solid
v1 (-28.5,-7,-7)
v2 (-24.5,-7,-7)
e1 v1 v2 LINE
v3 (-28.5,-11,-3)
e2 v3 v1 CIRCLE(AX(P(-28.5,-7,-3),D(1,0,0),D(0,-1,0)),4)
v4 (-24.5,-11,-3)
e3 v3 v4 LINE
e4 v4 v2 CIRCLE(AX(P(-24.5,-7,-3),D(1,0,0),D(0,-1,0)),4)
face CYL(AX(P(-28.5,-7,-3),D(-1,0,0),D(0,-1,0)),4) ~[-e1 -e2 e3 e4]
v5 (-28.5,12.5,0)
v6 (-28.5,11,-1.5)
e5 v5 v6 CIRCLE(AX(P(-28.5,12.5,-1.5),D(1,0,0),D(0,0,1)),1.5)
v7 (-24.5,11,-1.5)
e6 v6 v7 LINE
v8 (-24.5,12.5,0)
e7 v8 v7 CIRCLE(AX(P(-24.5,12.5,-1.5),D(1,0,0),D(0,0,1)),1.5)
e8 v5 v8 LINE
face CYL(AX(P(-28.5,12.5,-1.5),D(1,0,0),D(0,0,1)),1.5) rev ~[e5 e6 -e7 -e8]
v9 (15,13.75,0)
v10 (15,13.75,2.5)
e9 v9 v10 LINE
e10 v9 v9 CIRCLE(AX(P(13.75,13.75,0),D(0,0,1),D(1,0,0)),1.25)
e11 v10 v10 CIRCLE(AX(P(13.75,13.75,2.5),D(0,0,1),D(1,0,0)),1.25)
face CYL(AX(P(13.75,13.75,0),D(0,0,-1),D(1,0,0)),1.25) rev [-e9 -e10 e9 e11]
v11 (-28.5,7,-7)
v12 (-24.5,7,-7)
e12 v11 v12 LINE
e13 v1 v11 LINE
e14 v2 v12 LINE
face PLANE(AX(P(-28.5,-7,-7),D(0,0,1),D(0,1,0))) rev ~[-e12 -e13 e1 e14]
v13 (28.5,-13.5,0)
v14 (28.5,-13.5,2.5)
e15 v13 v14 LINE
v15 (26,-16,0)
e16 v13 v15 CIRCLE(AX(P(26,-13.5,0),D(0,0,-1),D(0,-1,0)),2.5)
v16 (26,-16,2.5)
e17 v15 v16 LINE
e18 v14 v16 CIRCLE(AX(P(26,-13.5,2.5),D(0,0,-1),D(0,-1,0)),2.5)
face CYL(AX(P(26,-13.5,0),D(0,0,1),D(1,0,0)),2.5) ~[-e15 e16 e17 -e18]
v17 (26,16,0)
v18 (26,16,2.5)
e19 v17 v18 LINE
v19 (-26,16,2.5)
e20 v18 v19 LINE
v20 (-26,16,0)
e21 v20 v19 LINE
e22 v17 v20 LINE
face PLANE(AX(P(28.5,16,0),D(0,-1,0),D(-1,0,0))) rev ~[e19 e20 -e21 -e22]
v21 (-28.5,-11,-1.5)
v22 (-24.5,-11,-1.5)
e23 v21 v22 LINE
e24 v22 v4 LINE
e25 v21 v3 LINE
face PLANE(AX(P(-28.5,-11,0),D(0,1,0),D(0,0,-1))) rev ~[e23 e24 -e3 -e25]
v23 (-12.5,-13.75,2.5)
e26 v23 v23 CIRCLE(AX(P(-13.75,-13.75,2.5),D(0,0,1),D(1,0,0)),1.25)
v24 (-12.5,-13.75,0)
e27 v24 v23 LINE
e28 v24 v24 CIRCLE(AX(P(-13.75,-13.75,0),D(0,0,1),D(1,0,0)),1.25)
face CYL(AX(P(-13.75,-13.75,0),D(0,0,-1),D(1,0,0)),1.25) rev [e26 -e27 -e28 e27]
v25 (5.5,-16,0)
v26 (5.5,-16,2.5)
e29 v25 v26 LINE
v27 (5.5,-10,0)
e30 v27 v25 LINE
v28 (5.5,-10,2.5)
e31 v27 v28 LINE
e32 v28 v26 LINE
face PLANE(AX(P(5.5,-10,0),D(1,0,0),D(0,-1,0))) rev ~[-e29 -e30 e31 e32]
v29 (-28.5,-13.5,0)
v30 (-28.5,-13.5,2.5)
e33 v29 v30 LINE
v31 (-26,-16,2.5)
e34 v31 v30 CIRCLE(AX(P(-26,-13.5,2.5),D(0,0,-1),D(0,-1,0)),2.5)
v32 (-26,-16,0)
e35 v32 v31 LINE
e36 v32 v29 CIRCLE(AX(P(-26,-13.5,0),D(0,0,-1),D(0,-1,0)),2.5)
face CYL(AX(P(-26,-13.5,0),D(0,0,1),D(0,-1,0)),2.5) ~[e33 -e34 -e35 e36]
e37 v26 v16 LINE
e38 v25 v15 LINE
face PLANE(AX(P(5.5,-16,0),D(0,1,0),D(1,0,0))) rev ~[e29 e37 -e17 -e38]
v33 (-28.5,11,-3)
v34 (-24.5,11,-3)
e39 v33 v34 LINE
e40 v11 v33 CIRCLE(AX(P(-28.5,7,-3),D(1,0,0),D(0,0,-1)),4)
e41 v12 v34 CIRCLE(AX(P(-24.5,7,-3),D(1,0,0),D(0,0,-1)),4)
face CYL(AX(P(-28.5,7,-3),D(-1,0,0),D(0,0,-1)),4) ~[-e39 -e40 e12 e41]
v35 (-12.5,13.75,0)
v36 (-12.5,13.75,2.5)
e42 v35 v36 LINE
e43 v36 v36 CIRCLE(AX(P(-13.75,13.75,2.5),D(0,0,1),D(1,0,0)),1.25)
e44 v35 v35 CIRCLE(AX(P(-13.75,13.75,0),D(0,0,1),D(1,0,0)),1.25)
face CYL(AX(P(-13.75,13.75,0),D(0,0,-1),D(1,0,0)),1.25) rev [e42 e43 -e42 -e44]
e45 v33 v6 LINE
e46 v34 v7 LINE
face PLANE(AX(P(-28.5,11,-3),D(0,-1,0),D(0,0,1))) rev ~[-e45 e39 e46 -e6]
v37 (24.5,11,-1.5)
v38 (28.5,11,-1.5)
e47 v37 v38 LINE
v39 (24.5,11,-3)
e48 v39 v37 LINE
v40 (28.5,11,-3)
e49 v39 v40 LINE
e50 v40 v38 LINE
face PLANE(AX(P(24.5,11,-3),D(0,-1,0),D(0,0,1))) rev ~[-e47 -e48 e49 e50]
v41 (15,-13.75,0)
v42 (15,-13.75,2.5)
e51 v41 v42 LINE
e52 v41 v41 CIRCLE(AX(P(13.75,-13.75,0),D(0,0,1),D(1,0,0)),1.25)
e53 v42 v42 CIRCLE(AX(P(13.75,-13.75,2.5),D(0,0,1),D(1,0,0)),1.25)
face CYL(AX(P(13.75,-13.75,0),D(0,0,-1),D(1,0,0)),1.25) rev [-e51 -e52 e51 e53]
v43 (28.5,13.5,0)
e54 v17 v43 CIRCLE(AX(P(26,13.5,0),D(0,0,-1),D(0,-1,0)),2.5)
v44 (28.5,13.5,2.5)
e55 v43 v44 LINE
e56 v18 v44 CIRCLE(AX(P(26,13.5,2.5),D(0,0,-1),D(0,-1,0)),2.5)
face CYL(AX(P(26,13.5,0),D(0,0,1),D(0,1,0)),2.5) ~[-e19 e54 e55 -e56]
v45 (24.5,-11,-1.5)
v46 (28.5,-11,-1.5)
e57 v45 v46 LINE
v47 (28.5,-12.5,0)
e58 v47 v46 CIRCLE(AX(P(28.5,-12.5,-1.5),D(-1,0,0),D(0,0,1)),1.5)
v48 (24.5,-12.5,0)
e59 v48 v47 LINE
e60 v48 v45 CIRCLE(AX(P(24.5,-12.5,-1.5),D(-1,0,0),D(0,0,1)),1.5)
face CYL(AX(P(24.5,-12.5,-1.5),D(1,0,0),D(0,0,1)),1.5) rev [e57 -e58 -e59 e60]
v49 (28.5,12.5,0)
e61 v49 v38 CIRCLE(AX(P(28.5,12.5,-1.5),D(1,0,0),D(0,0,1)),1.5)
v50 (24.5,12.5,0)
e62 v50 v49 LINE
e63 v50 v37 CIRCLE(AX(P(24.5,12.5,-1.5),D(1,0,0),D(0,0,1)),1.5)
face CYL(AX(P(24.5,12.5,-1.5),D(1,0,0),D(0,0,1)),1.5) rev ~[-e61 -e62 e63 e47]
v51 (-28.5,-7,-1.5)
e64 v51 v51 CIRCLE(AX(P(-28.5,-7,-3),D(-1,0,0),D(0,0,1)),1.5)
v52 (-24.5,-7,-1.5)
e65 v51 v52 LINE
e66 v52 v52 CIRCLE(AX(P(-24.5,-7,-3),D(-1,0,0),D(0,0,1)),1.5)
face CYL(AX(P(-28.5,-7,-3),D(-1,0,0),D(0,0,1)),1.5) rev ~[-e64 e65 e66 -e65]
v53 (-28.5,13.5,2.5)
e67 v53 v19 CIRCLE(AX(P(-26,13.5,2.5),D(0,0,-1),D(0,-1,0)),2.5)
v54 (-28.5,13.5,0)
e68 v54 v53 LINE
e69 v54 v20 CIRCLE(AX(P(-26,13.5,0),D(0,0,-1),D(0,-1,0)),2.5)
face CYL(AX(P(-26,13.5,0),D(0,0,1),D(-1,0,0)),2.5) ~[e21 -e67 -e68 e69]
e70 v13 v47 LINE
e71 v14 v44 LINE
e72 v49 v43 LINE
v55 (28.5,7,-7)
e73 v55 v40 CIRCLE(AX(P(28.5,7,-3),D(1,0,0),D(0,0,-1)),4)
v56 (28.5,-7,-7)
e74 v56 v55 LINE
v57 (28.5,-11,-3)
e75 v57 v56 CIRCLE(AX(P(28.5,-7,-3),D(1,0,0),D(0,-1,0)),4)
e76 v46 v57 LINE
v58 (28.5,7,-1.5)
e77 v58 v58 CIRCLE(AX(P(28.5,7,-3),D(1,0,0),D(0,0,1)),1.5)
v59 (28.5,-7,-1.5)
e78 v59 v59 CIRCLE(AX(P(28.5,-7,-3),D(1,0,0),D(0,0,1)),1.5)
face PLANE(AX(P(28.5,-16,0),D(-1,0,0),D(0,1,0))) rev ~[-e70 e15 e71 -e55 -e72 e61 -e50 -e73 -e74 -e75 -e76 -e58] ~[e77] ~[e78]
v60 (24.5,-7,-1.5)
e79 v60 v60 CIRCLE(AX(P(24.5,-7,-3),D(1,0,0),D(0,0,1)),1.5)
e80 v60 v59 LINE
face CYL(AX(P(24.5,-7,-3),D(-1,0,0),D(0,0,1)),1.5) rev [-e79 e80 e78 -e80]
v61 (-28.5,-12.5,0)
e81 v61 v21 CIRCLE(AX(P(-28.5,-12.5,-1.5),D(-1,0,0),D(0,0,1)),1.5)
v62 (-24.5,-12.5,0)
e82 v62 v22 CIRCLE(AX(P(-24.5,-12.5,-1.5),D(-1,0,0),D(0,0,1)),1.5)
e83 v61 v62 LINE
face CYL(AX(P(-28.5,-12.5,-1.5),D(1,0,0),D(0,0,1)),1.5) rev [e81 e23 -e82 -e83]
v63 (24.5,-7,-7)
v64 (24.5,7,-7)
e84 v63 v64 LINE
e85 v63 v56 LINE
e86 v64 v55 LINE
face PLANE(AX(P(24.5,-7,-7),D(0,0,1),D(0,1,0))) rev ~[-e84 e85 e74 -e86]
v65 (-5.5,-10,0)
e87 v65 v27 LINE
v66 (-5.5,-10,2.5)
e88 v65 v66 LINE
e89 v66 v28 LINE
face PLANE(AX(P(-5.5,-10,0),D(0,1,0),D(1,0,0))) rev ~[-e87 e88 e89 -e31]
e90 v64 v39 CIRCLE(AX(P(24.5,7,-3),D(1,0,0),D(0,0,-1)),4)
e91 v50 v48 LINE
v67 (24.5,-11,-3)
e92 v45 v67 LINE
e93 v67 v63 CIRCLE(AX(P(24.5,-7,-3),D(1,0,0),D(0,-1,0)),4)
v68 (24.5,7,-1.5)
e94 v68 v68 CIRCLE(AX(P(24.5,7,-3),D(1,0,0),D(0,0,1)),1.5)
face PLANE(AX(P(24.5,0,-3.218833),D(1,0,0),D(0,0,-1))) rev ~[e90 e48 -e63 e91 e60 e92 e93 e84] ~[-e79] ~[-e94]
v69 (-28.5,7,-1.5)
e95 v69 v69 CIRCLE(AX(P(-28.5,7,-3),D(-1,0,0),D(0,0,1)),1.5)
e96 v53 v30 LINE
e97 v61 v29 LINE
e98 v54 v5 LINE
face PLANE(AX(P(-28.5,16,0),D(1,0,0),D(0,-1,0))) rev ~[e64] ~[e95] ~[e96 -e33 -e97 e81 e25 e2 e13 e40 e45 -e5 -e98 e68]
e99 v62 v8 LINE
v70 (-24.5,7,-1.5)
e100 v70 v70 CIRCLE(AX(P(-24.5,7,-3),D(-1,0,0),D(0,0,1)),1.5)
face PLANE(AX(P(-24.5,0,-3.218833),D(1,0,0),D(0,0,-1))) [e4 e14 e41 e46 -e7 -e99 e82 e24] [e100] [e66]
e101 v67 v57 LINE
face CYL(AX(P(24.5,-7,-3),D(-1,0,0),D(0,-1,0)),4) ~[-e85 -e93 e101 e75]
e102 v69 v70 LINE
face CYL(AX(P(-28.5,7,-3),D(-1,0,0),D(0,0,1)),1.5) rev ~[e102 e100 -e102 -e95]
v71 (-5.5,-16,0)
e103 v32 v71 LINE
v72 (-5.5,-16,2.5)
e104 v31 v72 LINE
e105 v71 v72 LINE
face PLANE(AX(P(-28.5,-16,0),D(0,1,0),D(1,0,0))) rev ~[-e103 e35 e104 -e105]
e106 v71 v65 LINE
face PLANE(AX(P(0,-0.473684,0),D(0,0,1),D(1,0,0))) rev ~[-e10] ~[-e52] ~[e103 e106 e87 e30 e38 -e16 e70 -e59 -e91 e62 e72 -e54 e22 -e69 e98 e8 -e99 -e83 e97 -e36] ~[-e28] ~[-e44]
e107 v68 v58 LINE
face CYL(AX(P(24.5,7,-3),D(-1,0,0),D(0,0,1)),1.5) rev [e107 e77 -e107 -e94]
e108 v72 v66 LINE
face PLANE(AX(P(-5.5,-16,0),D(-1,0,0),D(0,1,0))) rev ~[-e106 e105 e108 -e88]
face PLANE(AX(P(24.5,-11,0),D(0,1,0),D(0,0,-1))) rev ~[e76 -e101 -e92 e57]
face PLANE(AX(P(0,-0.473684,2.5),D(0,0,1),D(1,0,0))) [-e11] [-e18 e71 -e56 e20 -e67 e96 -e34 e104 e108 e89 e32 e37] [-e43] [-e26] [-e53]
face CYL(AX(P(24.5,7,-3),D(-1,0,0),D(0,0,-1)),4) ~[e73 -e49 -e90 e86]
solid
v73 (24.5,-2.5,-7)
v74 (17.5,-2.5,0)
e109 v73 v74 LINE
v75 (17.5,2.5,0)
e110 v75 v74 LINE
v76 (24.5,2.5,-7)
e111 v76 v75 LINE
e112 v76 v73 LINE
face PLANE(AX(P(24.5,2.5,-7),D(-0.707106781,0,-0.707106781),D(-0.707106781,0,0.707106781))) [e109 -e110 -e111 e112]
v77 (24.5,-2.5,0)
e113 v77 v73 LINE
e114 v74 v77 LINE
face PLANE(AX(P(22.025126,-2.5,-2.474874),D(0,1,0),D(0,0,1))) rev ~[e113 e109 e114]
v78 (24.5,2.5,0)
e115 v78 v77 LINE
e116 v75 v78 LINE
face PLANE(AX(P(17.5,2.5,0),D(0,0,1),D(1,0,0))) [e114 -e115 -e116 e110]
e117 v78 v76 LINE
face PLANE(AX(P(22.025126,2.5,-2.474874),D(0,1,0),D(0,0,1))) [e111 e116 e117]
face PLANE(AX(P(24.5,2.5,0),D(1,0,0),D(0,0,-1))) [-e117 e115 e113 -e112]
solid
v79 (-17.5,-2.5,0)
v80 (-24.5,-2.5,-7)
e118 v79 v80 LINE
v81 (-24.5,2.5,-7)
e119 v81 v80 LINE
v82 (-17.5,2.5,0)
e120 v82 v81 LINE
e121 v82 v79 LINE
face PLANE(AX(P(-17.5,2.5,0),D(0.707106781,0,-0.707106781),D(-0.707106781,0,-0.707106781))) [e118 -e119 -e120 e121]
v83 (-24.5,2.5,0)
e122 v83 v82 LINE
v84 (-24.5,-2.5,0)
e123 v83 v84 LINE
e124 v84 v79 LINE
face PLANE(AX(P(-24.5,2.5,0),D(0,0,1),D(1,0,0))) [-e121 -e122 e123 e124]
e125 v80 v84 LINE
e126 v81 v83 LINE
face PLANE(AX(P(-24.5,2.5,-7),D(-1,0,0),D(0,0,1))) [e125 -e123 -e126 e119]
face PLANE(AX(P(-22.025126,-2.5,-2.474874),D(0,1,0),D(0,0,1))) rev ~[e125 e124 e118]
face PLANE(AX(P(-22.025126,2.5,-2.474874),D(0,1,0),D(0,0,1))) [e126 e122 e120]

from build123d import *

# Parameters (mm, degrees)
SKETCH_1_R         = 1.25
EXTRUDE_1_DEPTH    = 2.5
SKETCH_3_R         = 1.5
EXTRUDE_2_DEPTH    = 4
EXTRUDE_START      = -4
SKETCH_4_R         = 1.5
EXTRUDE_3_DEPTH    = 4
FILLET_2_R         = 2.5
FILLET_3_R         = 1.5
GUSSET_1_THICKNESS = 5
GUSSET_2_THICKNESS = 5


with BuildPart() as part:
    # 草图1 → 凸台-拉伸1 (new body)
    with BuildSketch(Plane.XY):
        Polygon((-28.5, -16), (-16, -16), (-5.5, -16), (-5.5, -10), (0, -10), (5.5, -10), (5.5, -16), (16, -16), (28.5, -16), (28.5, 16), (16, 16), (-16, 16), (-28.5, 16), align=None)
        with Locations((-13.75, -13.75)):
            Circle(SKETCH_1_R, mode=Mode.SUBTRACT)
        with Locations((13.75, -13.75)):
            Circle(SKETCH_1_R, mode=Mode.SUBTRACT)
        with Locations((-13.75, 13.75)):
            Circle(SKETCH_1_R, mode=Mode.SUBTRACT)
        with Locations((13.75, 13.75)):
            Circle(SKETCH_1_R, mode=Mode.SUBTRACT)
    extrude(amount=EXTRUDE_1_DEPTH)

    # 草图3 → 凸台-拉伸2 (add)
    with BuildSketch(Plane.ZY.offset(28.5)):
        with BuildLine():
            Line((-3, 11), (0, 11))
            Line((0, 11), (0, -11))
            Line((0, -11), (-3, -11))
            ThreePointArc((-3, -11), (-5.828427125, -9.828427125), (-7, -7))
            Line((-7, -7), (-7, 7))
            ThreePointArc((-7, 7), (-5.828427125, 9.828427125), (-3, 11))
        make_face()
        with Locations((-3, 7)):
            Circle(SKETCH_3_R, mode=Mode.SUBTRACT)
        with Locations((-3, -7)):
            Circle(SKETCH_3_R, mode=Mode.SUBTRACT)
    extrude(amount=-EXTRUDE_2_DEPTH)

    # 草图4 → 凸台-拉伸3 (add)
    with BuildSketch(Plane(origin=(28.5, 0, 0), x_dir=(0, 0, -1), z_dir=(1, 0, 0)).offset(EXTRUDE_START)):
        with BuildLine():
            Line((7, -7), (7, 7))
            ThreePointArc((7, 7), (5.828427125, 9.828427125), (3, 11))
            Line((3, 11), (0, 11))
            Line((0, 11), (0, -11))
            Line((0, -11), (3, -11))
            ThreePointArc((3, -11), (5.828427125, -9.828427125), (7, -7))
        make_face()
        with Locations(Location((3, 7, 0), (0, 0, 180))):
            Circle(SKETCH_4_R, mode=Mode.SUBTRACT)
        with Locations(Location((3, -7, 0), (0, 0, 180))):
            Circle(SKETCH_4_R, mode=Mode.SUBTRACT)
    extrude(amount=EXTRUDE_3_DEPTH)

    # 圆角2
    fillet_2_edges = [part.edges().sort_by_distance(p)[0] for p in [
        (-28.5, -16, 1.25),
        (-28.5, 16, 1.25),
        (28.5, 16, 1.25),
        (28.5, -16, 1.25),
    ]]
    fillet(fillet_2_edges, radius=FILLET_2_R)

    # 圆角3
    fillet_3_edges = [part.edges().sort_by_distance(p)[0] for p in [
        (-26.5, 11, 0),
        (-26.5, -11, 0),
        (26.5, -11, 0),
        (26.5, 11, 0),
    ]]
    fillet(fillet_3_edges, radius=FILLET_3_R)


with BuildPart() as body_2:
    # Gusset 1: a gusset: a plate 5.0 thick in the corner of two members, its outline drawn in place
    gusset_1_outline = Wire([Line((24.5, 2.5, 0), (24.5, 2.5, -7)), Line((24.5, 2.5, -7), (17.5, 2.5, 0)), Line((17.5, 2.5, 0), (24.5, 2.5, 0))])
    add(extrude(Face(gusset_1_outline), amount=GUSSET_1_THICKNESS, dir=(0, -1, 0)))


with BuildPart() as body_3:
    # Gusset 2: a gusset: a plate 5.0 thick in the corner of two members, its outline drawn in place
    gusset_2_outline = Wire([Line((-24.5, 2.5, 0), (-17.5, 2.5, 0)), Line((-17.5, 2.5, 0), (-24.5, 2.5, -7)), Line((-24.5, 2.5, -7), (-24.5, 2.5, 0))])
    add(extrude(Face(gusset_2_outline), amount=GUSSET_2_THICKNESS, dir=(0, -1, 0)))


solid = Compound([part.part, body_2.part, body_3.part])
